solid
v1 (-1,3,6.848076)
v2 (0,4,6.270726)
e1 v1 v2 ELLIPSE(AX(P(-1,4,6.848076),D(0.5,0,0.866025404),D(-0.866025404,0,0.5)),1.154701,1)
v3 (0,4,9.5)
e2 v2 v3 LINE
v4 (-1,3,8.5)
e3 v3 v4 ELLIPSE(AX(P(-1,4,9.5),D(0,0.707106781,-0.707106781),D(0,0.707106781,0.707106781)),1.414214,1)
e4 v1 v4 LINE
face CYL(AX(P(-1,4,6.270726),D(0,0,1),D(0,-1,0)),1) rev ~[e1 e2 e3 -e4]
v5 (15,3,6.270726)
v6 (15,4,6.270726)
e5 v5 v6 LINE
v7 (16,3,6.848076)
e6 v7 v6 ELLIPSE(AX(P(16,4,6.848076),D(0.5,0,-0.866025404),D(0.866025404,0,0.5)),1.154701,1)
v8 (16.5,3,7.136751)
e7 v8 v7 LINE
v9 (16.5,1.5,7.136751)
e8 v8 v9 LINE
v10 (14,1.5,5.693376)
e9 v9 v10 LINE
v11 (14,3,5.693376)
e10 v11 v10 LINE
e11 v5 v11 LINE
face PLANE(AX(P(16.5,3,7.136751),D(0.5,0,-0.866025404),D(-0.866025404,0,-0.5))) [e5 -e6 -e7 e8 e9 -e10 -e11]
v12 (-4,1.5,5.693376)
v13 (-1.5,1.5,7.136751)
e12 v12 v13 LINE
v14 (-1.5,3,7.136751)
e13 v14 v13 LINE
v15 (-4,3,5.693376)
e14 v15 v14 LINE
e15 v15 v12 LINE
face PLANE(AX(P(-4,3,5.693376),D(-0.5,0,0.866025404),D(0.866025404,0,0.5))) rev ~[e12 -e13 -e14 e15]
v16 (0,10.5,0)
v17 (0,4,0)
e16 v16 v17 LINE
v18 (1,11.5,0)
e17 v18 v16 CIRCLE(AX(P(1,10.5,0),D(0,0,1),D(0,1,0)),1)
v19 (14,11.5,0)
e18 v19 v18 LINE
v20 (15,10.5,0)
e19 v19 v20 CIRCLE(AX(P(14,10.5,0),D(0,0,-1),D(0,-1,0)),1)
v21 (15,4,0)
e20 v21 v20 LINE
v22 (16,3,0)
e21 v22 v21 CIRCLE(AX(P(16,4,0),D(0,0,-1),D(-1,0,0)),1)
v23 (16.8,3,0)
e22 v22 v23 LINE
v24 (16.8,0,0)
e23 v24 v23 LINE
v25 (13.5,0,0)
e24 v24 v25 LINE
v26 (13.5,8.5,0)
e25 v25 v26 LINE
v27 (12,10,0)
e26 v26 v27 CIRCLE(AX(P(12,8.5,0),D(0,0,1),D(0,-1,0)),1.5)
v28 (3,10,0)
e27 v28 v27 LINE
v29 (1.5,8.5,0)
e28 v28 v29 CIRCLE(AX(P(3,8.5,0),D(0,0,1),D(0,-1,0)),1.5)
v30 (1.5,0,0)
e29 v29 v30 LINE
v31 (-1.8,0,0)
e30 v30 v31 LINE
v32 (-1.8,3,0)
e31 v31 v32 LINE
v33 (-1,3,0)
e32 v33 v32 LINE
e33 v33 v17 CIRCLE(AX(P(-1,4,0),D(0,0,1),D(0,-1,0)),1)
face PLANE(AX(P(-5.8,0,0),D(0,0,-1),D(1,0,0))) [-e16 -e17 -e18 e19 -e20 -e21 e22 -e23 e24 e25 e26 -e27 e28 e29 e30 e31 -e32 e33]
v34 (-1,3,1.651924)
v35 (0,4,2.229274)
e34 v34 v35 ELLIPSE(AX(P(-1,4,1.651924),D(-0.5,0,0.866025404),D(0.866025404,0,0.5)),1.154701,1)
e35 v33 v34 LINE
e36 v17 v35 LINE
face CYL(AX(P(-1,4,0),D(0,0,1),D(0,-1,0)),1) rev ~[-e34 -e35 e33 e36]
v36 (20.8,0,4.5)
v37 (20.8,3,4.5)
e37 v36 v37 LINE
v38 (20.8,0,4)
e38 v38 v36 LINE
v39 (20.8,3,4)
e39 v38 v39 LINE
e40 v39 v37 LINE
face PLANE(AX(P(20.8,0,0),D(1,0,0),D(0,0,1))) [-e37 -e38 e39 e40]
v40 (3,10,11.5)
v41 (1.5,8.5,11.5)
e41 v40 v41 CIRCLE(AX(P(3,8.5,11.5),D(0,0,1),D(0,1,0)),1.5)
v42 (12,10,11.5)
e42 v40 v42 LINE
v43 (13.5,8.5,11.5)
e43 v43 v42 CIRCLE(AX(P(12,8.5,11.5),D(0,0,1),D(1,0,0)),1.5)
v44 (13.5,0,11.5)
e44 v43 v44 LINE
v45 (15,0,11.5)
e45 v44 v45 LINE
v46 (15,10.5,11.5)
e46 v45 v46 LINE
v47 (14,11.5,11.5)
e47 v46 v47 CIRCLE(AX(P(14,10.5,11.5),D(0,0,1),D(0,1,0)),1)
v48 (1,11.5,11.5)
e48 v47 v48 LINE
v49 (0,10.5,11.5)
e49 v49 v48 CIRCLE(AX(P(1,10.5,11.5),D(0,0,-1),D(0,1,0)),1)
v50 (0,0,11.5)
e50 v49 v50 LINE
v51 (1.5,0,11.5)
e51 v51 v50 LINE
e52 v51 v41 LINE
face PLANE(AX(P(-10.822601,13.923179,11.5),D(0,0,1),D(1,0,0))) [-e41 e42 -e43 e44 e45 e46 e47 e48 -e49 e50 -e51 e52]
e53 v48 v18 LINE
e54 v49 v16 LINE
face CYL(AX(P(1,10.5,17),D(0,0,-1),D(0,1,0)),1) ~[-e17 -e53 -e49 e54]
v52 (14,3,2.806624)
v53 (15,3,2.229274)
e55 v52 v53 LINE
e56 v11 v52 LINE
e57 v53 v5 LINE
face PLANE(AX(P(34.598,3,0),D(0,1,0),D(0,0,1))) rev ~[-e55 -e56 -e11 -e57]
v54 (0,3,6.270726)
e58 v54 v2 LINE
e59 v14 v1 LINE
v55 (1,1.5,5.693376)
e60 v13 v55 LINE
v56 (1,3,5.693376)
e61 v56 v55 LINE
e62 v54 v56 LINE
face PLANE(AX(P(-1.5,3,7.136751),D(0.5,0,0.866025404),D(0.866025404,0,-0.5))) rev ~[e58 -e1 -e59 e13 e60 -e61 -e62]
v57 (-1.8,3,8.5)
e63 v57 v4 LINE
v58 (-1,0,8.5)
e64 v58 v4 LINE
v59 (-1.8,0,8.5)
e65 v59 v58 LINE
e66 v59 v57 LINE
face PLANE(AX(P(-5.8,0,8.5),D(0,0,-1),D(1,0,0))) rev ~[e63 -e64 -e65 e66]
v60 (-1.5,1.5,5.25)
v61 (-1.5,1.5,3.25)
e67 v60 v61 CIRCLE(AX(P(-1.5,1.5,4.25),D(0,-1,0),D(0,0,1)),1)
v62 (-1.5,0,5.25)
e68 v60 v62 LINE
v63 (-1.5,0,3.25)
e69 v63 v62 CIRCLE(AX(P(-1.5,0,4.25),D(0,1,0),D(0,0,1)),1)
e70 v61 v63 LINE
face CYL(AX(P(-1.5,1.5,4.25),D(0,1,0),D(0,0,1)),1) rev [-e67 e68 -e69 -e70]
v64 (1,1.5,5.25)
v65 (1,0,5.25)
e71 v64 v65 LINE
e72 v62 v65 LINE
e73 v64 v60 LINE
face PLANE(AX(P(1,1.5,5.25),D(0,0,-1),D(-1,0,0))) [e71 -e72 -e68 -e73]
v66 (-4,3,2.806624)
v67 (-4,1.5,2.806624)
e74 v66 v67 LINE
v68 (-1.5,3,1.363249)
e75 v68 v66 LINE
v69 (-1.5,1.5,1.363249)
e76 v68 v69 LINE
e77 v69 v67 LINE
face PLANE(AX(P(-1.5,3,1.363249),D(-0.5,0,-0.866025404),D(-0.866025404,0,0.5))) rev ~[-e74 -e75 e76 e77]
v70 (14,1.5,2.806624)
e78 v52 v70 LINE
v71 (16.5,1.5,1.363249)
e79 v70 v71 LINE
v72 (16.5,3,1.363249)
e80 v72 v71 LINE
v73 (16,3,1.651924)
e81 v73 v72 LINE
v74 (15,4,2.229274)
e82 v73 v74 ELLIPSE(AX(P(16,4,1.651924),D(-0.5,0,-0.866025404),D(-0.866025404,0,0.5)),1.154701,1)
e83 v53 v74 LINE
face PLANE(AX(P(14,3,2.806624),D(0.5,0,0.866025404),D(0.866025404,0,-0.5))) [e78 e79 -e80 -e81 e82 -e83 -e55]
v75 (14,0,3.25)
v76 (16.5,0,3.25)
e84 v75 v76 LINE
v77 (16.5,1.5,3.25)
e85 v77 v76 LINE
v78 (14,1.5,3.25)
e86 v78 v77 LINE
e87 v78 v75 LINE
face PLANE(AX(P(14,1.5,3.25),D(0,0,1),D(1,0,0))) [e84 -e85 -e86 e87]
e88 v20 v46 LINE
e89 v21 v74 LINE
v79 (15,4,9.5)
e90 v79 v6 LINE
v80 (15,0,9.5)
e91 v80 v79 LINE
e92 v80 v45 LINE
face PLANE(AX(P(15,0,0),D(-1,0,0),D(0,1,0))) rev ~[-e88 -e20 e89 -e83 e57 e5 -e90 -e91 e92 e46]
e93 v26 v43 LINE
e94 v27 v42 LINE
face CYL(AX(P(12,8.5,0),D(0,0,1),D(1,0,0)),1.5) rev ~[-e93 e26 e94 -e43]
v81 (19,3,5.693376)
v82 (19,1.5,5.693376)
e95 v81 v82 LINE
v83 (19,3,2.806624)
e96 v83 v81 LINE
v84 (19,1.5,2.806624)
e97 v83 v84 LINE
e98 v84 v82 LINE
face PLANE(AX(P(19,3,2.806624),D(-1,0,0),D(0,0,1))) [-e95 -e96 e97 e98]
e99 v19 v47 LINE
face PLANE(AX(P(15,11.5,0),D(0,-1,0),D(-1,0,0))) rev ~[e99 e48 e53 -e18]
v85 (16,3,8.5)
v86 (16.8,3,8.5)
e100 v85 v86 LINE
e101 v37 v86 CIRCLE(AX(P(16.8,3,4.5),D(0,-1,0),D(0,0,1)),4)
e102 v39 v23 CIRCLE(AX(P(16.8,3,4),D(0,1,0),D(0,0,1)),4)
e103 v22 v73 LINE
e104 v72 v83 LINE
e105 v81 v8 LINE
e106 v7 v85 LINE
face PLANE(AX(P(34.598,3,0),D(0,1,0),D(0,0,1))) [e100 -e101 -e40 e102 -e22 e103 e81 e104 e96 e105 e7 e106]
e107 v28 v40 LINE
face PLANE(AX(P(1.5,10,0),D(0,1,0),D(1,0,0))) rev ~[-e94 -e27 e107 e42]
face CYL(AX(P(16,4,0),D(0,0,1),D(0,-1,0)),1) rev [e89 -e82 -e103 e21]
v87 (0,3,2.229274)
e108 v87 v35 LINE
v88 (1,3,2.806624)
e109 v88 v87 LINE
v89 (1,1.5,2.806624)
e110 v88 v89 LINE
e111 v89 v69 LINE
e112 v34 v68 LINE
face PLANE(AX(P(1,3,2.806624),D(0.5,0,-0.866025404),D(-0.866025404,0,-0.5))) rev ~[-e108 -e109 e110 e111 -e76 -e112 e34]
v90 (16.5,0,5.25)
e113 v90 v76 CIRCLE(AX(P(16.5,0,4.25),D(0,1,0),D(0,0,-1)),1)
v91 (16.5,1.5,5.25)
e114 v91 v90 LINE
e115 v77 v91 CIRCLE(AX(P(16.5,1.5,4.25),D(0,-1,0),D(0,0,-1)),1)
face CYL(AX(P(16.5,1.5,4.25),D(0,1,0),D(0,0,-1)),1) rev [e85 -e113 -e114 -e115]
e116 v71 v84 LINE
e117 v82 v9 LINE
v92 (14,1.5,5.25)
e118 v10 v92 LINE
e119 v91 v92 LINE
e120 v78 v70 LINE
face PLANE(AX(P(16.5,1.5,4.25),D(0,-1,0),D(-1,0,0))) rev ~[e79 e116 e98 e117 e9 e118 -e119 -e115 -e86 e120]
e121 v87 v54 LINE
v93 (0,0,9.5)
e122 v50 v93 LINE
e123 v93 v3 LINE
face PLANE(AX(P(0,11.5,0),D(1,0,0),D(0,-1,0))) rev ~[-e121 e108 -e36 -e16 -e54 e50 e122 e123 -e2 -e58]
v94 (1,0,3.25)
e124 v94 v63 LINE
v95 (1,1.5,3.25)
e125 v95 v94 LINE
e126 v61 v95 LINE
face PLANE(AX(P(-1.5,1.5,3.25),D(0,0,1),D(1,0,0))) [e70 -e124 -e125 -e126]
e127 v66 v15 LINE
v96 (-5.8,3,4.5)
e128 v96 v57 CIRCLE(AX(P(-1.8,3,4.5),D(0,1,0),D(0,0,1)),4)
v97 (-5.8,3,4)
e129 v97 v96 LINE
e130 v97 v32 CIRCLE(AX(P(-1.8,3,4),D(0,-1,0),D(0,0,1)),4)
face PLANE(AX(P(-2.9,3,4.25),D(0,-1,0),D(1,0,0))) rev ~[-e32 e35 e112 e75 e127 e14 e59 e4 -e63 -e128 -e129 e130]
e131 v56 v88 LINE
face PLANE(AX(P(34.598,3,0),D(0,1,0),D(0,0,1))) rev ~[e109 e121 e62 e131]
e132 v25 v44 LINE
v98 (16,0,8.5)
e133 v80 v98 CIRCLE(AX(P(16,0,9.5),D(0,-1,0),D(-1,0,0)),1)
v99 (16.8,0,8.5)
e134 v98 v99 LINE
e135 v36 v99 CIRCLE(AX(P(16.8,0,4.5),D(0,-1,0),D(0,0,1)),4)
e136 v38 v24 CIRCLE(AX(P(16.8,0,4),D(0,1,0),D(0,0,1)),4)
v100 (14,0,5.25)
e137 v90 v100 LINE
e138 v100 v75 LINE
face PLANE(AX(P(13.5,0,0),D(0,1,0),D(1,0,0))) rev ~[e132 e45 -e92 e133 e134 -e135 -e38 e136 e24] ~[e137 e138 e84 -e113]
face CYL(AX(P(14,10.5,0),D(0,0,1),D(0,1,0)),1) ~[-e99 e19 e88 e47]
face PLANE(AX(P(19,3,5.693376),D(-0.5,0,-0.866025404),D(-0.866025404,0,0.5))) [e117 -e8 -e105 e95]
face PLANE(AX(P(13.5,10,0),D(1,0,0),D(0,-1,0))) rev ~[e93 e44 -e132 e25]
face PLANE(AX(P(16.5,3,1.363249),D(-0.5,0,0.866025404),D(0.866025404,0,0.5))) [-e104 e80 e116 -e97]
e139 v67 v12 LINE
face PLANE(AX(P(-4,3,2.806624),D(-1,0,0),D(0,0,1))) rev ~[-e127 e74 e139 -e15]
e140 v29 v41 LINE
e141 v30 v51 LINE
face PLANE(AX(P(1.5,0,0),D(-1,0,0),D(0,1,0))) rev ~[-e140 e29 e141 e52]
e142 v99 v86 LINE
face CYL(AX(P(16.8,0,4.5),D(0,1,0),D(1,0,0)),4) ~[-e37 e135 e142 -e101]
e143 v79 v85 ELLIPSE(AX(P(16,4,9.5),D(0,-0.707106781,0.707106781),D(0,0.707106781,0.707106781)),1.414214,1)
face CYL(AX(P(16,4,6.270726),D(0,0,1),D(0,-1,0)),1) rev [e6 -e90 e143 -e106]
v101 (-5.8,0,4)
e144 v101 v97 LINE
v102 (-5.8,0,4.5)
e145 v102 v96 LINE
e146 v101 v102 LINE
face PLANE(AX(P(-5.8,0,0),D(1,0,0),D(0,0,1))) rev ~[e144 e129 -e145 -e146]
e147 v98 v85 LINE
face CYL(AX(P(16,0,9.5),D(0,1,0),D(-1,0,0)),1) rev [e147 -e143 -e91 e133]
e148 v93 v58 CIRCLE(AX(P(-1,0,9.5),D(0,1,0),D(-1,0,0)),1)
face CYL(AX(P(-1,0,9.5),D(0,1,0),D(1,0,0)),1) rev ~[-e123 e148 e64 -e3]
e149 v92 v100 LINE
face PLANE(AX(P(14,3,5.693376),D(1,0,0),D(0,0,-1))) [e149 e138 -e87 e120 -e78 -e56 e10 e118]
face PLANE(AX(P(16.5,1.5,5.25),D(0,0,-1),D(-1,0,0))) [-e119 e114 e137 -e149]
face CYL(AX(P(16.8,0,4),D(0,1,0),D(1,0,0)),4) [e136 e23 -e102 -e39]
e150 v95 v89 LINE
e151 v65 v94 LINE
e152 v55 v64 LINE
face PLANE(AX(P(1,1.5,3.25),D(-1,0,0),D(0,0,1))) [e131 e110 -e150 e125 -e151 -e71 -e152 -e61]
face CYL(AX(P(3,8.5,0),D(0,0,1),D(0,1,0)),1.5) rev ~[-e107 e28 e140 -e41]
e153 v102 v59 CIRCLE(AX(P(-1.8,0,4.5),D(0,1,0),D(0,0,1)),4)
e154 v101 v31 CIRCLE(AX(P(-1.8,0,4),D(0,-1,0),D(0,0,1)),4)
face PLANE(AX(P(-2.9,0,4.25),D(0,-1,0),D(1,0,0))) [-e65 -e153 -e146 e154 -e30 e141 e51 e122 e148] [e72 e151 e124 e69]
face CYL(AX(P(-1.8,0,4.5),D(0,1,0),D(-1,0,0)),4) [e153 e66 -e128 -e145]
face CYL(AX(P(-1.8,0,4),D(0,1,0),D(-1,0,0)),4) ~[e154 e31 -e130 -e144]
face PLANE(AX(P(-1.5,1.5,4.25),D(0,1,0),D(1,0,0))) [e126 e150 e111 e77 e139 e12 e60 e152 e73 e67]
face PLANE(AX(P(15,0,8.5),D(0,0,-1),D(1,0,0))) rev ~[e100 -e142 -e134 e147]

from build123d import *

# Parameters (mm, degrees)
BOSS_EXTRUDE1_DEPTH    = 17
SPLIT2_SURFACE_1_BACK  = 26.421
SPLIT2_SURFACE_1_DEPTH = 52.842
SPLIT2_SURFACE_2_BACK  = 26.421
SPLIT2_SURFACE_2_DEPTH = 52.842
SKETCH13_W             = 5.8
SKETCH13_H             = 8.5
BOSS_EXTRUDE10_DEPTH   = 3
FILLET7_R              = 4
SPLIT3_SURFACE_3_BACK  = 34.598
SPLIT3_SURFACE_3_DEPTH = 69.196
SPLIT3_SURFACE_4_BACK  = 34.598
SPLIT3_SURFACE_4_DEPTH = 69.196
CUT_EXTRUDE1_DEPTH     = 1.5
CUT_EXTRUDE2_DEPTH     = 29.664263465
FILLET_1_R             = 1
FILLET_2_R             = 1
FILLET_3_R             = 1.5
CUT_EXTRUDE_START      = 11.5
SKETCH_1_W             = 75.774826167
SKETCH_1_H             = 36.419346407
CUT_EXTRUDE_1_DEPTH    = 10


with BuildPart() as part:
    # Sketch1 → Boss-Extrude1 (new body)
    with BuildSketch(Plane.XY):
        Polygon((0, 0), (1.5, 0), (1.5, 10), (13.5, 10), (13.5, 0), (15, 0), (15, 11.5), (0, 11.5), (0, 10), align=None)
    extrude(amount=BOSS_EXTRUDE1_DEPTH)


with BuildPart() as body_2:
    # Split2: the piece behind the surface
    add(part.part)
    # Split2 surface: a surface, the sketch's curves swept straight by 52.842 mm
    with BuildLine(Plane.XZ.offset(-SPLIT2_SURFACE_1_BACK), mode=Mode.PRIVATE) as split2_surface_1_path:
        Line((15, 8), (0, 8))
    split2_surface_1 = Shell.extrude(split2_surface_1_path.wire(), (0 * SPLIT2_SURFACE_1_DEPTH, -1 * SPLIT2_SURFACE_1_DEPTH, 0 * SPLIT2_SURFACE_1_DEPTH))
    split(bisect_by=split2_surface_1, keep=Keep.BOTTOM)


with BuildPart() as part_1:
    add(part.part)

    # Split2: split by a surface, the side it looks to stays
    # Split2 surface: a surface, the sketch's curves swept straight by 52.842 mm
    with BuildLine(Plane.XZ.offset(-SPLIT2_SURFACE_2_BACK), mode=Mode.PRIVATE) as split2_surface_2_path:
        Line((15, 8), (0, 8))
    split2_surface_2 = Shell.extrude(split2_surface_2_path.wire(), (0 * SPLIT2_SURFACE_2_DEPTH, -1 * SPLIT2_SURFACE_2_DEPTH, 0 * SPLIT2_SURFACE_2_DEPTH))
    split(bisect_by=split2_surface_2, keep=Keep.TOP)


with BuildPart() as body_2_1:
    add(body_2.part)

    # Combine2: union part
    add(part_1.part)

    # Sketch13 → Boss-Extrude10 (add)
    with BuildSketch(Plane.XZ):
        with Locations((-2.9, 4.25)):
            Rectangle(SKETCH13_W, SKETCH13_H)
        with Locations((17.9, 4.25)):
            Rectangle(SKETCH13_W, SKETCH13_H)
    extrude(amount=-BOSS_EXTRUDE10_DEPTH)

    # Fillet7
    fillet7_edges = [body_2_1.edges().sort_by_distance(p)[0] for p in [
        (20.8, 1.5, 8.5),
        (20.8, 1.5, 0),
        (-5.8, 1.5, 0),
        (-5.8, 1.5, 8.5),
    ]]
    fillet(fillet7_edges, radius=FILLET7_R)


with BuildPart() as body_2_2:
    # Split3: the piece behind the surface
    add(body_2_1.part)
    # Split3 surface: a surface, the sketch's curves swept straight by 69.196 mm
    with BuildLine(Plane.ZY.offset(-SPLIT3_SURFACE_3_BACK), mode=Mode.PRIVATE) as split3_surface_3_path:
        Line((0, 3), (17, 3))
    split3_surface_3 = Shell.extrude(split3_surface_3_path.wire(), (-1 * SPLIT3_SURFACE_3_DEPTH, 0 * SPLIT3_SURFACE_3_DEPTH, 0 * SPLIT3_SURFACE_3_DEPTH))
    split(bisect_by=split3_surface_3, keep=Keep.BOTTOM)

    # Sketch16 → Cut-Extrude1 (cut)
    with BuildSketch(Plane(origin=(0, 3, 0), x_dir=(1, 0, 0), z_dir=(0, 1, 0))):
        Polygon((-4, -2.806624327), (-4, -5.693375673), (-1.5, -7.136751346), (1, -5.693375673), (1, -2.806624327), (-1.5, -1.363248654), align=None)
        Polygon((14, -5.693375673), (14, -2.806624327), (16.5, -1.363248654), (19, -2.806624327), (19, -5.693375673), (16.5, -7.136751346), align=None)
    extrude(amount=-CUT_EXTRUDE1_DEPTH, mode=Mode.SUBTRACT)

    # Sketch17 → Cut-Extrude2 (cut, through all)
    with BuildSketch(Plane(origin=(0, 1.5, 0), x_dir=(1, 0, 0), z_dir=(0, 1, 0))):
        with BuildLine():
            Line((16.5, -5.25), (14, -5.25))
            Line((14, -5.25), (14, -3.25))
            Line((14, -3.25), (16.5, -3.25))
            ThreePointArc((16.5, -3.25), (17.5, -4.25), (16.5, -5.25))
        make_face()
        with BuildLine():
            Line((1, -3.25), (1, -5.25))
            Line((1, -5.25), (-1.5, -5.25))
            ThreePointArc((-1.5, -5.25), (-2.5, -4.25), (-1.5, -3.25))
            Line((-1.5, -3.25), (1, -3.25))
        make_face()
    extrude(amount=-CUT_EXTRUDE2_DEPTH, mode=Mode.SUBTRACT)


with BuildPart() as body_2_3:
    add(body_2_1.part)

    # Split3: split by a surface, the side it looks to stays
    # Split3 surface: a surface, the sketch's curves swept straight by 69.196 mm
    with BuildLine(Plane.ZY.offset(-SPLIT3_SURFACE_4_BACK), mode=Mode.PRIVATE) as split3_surface_4_path:
        Line((0, 3), (17, 3))
    split3_surface_4 = Shell.extrude(split3_surface_4_path.wire(), (-1 * SPLIT3_SURFACE_4_DEPTH, 0 * SPLIT3_SURFACE_4_DEPTH, 0 * SPLIT3_SURFACE_4_DEPTH))
    split(bisect_by=split3_surface_4, keep=Keep.TOP)

    # Combine3: union body 2 2
    add(body_2_2.part)

    # Скругление1
    fillet_1_edges = [body_2_3.edges().sort_by_distance(p)[0] for p in [
        (0, 3, 1.114637029),
        (0, 3, 7.385362971),
        (15, 3, 7.385362971),
        (15, 3, 1.114637029),
    ]]
    fillet(fillet_1_edges, radius=FILLET_1_R)

    # Скругление2
    fillet_2_edges = [body_2_3.edges().sort_by_distance(p)[0] for p in [
        (0, 2, 8.5),
        (15, 2, 8.5),
        (0, 11.5, 8.5),
        (15, 11.5, 8.5),
    ]]
    fillet(fillet_2_edges, radius=FILLET_2_R)

    # Скругление3
    fillet_3_edges = [body_2_3.edges().sort_by_distance(p)[0] for p in [
        (13.5, 10, 8.5),
        (1.5, 10, 8.5),
    ]]
    fillet(fillet_3_edges, radius=FILLET_3_R)

    # Эскиз1 → Вырез-Вытянуть1 (cut)
    with BuildSketch(Plane.XY.offset(CUT_EXTRUDE_START)):
        with Locations((-10.82260141, 13.923178903)):
            Rectangle(SKETCH_1_W, SKETCH_1_H)
    extrude(amount=CUT_EXTRUDE_1_DEPTH, mode=Mode.SUBTRACT)


solid = body_2_3.part
